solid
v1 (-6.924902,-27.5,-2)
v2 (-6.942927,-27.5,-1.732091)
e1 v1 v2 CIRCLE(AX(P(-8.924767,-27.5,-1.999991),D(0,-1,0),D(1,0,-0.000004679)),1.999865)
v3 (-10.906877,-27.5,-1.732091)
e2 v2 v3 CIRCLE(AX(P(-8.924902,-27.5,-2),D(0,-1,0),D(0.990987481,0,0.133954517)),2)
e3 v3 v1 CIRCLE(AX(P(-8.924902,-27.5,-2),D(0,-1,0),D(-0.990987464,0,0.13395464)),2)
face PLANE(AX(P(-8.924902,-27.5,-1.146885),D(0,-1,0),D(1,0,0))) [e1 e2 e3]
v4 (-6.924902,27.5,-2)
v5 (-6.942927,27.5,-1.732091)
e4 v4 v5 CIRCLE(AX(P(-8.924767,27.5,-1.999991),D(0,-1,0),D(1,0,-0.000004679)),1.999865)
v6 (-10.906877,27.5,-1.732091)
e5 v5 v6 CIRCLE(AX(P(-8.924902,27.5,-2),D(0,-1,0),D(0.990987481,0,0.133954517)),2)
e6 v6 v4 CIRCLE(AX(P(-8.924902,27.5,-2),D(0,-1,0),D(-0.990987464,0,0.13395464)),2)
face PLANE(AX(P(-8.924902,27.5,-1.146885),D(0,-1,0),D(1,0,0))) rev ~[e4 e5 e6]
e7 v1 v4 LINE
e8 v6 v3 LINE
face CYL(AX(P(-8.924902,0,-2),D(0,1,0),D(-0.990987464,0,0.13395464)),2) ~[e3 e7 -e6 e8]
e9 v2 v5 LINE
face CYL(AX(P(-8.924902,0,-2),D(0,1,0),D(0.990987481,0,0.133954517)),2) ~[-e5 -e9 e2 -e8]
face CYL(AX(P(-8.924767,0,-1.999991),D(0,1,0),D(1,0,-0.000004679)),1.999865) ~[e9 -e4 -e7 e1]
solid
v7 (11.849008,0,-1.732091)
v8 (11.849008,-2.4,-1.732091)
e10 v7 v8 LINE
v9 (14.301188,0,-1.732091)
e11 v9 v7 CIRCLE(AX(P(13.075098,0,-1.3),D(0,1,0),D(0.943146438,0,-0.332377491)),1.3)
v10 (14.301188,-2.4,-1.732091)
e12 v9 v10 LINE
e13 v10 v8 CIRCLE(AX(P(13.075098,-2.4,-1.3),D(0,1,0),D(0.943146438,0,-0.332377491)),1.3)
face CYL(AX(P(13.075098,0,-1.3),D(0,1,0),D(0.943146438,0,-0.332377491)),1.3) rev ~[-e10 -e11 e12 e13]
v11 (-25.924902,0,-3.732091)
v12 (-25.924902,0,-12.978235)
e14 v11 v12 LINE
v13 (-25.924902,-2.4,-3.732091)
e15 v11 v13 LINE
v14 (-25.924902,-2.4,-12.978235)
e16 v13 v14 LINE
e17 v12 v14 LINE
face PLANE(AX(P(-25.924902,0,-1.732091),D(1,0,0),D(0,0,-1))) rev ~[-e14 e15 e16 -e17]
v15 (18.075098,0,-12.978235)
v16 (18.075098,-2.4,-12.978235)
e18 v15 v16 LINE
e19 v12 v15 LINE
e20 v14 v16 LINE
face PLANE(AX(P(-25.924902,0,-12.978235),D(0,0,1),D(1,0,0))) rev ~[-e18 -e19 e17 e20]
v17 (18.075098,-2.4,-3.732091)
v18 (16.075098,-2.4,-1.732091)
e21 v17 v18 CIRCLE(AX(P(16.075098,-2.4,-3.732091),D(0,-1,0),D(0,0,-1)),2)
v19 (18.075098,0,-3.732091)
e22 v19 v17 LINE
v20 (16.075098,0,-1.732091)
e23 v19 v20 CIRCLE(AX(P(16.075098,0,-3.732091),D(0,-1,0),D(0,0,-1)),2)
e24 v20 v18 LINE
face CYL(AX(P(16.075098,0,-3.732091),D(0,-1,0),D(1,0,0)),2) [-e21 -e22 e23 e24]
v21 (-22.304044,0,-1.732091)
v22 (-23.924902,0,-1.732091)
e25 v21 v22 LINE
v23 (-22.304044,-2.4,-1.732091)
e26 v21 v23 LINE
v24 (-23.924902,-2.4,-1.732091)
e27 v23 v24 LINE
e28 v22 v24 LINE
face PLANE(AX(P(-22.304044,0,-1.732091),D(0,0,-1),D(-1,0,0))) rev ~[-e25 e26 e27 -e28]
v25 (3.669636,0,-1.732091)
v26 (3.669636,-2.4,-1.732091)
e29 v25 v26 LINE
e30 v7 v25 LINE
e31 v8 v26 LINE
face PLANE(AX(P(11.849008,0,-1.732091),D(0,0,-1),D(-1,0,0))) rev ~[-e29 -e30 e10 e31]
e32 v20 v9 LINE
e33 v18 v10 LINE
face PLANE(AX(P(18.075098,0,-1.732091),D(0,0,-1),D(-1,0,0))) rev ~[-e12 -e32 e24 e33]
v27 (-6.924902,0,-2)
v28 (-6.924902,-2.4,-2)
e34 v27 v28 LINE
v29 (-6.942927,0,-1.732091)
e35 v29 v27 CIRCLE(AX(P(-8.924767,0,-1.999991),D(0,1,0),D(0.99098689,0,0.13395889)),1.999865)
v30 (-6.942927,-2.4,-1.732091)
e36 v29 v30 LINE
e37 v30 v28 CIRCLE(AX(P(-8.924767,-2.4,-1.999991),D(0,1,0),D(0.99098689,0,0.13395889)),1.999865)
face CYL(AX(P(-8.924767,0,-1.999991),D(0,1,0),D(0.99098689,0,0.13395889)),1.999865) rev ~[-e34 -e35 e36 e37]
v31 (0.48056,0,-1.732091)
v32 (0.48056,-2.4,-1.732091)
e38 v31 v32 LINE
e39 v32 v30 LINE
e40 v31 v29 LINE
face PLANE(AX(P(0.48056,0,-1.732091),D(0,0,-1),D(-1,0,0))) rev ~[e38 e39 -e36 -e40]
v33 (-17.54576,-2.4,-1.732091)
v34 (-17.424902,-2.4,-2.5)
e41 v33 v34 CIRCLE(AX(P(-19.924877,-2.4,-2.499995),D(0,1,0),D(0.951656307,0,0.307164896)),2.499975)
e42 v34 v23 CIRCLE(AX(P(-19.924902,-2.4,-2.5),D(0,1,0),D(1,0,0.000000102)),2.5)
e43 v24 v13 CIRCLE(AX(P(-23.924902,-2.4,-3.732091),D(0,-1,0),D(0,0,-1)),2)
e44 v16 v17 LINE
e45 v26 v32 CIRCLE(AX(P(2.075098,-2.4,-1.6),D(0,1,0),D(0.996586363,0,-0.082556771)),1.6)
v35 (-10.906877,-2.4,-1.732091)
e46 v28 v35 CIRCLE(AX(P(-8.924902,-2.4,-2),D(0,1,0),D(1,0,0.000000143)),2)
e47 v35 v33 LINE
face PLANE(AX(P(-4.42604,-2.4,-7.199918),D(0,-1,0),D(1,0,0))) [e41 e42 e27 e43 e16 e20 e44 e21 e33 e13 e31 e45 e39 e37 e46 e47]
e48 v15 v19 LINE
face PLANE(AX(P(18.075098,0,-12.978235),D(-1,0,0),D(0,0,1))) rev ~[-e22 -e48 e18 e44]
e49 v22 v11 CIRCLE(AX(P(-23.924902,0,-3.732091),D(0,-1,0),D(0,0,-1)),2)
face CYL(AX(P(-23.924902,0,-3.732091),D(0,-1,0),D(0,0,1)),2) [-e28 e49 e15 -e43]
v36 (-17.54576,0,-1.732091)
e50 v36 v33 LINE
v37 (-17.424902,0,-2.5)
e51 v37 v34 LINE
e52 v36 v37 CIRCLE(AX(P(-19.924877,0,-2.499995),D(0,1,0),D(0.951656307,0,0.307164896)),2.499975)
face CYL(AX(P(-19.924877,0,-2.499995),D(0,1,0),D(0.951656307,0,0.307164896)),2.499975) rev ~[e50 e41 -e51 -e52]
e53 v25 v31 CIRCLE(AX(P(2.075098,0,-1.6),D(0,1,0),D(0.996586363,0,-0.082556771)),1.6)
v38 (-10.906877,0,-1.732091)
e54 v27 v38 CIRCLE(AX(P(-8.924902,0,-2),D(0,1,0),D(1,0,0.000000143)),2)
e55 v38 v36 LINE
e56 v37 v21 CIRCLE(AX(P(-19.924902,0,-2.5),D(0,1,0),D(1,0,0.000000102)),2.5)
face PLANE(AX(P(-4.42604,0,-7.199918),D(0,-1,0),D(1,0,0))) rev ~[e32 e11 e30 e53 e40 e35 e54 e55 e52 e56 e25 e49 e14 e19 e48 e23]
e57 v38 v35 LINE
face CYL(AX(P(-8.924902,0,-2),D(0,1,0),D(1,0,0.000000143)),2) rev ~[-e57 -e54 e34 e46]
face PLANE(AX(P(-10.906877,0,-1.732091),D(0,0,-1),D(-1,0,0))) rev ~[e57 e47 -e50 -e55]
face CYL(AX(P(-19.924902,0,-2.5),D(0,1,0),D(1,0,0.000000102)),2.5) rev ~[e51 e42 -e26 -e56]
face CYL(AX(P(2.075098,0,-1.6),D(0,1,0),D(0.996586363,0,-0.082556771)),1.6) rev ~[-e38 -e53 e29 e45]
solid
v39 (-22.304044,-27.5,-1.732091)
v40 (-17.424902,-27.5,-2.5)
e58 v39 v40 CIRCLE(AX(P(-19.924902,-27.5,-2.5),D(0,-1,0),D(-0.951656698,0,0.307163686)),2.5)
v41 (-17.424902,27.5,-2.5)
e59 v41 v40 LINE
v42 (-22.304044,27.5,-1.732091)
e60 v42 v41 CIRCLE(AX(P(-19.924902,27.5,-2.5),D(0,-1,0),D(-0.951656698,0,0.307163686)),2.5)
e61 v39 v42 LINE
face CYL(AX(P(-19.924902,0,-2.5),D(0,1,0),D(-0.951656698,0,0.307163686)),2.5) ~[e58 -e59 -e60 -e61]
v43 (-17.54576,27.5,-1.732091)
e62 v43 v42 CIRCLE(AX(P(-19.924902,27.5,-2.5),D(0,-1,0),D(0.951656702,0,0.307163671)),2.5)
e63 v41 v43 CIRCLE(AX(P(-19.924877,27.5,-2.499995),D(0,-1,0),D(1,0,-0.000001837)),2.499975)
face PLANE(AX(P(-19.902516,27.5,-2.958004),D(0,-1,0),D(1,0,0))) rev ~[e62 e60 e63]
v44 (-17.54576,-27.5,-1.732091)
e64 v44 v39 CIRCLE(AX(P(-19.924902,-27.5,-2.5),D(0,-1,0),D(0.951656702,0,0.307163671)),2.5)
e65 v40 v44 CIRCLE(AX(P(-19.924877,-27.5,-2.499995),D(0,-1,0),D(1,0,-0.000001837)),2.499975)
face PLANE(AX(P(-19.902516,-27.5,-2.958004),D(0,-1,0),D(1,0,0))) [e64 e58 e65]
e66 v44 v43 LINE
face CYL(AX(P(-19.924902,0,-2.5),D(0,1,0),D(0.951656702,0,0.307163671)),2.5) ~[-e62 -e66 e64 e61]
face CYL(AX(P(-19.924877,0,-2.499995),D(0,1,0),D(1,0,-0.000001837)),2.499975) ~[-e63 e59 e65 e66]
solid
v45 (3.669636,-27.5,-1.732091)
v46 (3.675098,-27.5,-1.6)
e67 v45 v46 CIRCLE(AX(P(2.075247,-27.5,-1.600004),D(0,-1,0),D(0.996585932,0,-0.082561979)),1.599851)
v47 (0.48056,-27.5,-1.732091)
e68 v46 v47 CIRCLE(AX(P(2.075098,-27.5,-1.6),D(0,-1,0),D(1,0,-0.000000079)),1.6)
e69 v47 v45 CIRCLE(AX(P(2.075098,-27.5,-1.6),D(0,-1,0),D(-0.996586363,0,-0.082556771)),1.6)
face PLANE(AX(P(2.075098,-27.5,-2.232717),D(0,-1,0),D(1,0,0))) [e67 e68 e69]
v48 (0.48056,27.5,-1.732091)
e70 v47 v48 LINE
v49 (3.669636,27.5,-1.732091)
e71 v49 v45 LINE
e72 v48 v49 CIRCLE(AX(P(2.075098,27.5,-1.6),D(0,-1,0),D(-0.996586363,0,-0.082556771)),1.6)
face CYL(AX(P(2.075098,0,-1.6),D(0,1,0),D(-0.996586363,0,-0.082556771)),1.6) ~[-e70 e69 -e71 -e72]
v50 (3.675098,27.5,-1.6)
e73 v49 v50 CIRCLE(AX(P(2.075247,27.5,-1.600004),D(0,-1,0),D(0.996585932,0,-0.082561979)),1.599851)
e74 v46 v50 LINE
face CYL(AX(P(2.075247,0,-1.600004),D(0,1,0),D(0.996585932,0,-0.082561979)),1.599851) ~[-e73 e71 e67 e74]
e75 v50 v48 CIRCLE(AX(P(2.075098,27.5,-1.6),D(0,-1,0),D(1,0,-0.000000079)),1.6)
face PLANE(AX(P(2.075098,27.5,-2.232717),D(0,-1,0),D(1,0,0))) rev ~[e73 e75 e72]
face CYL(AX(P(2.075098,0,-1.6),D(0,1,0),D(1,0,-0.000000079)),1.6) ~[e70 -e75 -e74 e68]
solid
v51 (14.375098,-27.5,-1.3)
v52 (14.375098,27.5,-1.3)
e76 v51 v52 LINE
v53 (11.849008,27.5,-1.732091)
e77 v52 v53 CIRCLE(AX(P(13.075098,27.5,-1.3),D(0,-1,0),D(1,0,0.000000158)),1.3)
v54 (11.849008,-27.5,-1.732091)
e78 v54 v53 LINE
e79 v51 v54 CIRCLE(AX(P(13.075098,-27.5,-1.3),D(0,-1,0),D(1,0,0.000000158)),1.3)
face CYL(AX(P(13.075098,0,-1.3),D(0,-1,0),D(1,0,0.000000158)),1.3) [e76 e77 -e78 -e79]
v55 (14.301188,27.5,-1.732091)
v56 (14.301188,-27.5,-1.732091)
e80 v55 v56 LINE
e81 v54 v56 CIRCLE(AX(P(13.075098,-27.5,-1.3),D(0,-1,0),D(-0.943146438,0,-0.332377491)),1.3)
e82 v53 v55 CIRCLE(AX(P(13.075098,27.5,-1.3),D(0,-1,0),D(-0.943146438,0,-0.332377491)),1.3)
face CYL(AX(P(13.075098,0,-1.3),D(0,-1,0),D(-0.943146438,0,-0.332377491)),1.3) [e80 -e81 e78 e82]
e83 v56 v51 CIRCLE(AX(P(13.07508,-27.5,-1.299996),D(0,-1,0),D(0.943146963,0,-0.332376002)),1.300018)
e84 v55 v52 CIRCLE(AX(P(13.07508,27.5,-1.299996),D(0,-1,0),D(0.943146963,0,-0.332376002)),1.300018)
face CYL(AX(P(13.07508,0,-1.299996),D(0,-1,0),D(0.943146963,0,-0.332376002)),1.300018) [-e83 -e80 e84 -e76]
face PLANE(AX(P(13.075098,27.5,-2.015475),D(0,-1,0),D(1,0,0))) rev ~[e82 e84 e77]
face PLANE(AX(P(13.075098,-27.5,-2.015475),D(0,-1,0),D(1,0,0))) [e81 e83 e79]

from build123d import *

# Parameters (mm, degrees)
F1_DEPTH = 27.5
F2_DEPTH = 2.4
F3_R     = 2


with BuildPart() as f1:
    # F0 (on Front) → F1 (new body, symmetric)
    with BuildSketch(Plane.XZ):
        with BuildLine():
            ThreePointArc((-22.304044, -1.732091), (-20.313583, -4.969601), (-17.424902, -2.5))
            ThreePointArc((-17.424902, -2.5), (-17.455301, -2.111319), (-17.54576, -1.732091))
            Line((-17.54576, -1.732091), (-22.304044, -1.732091))
        make_face()
        with BuildLine():
            ThreePointArc((-6.942927, -1.732091), (-8.924902, 0), (-10.906877, -1.732091))
            Line((-10.906877, -1.732091), (-6.942927, -1.732091))
        make_face()
        with BuildLine():
            Line((-6.942927, -1.732091), (-10.906877, -1.732091))
            ThreePointArc((-10.906877, -1.732091), (-9.059159, -3.995489), (-6.924902, -2))
            ThreePointArc((-6.924902, -2), (-6.929413, -1.865743), (-6.942927, -1.732091))
        make_face()
        with BuildLine():
            Line((3.669636, -1.732091), (0.48056, -1.732091))
            ThreePointArc((0.48056, -1.732091), (2.075098, -3.2), (3.669636, -1.732091))
        make_face()
        with BuildLine():
            ThreePointArc((3.675098, -1.6), (2.008996, -0.001366), (0.48056, -1.732091))
            Line((0.48056, -1.732091), (3.669636, -1.732091))
            ThreePointArc((3.669636, -1.732091), (3.673732, -1.666102), (3.675098, -1.6))
        make_face()
        with BuildLine():
            Line((-22.304044, -1.732091), (-17.54576, -1.732091))
            ThreePointArc((-17.54576, -1.732091), (-19.924902, 0), (-22.304044, -1.732091))
        make_face()
        with BuildLine():
            Line((14.301188, -1.732091), (11.849008, -1.732091))
            ThreePointArc((11.849008, -1.732091), (13.075098, -2.6), (14.301188, -1.732091))
        make_face()
        with BuildLine():
            ThreePointArc((14.375098, -1.3), (12.855915, -0.018611), (11.849008, -1.732091))
            Line((11.849008, -1.732091), (14.301188, -1.732091))
            ThreePointArc((14.301188, -1.732091), (14.356487, -1.519183), (14.375098, -1.3))
        make_face()
    extrude(amount=F1_DEPTH, both=True)


with BuildPart() as f2:
    # F0 (on Front) → F2 (new body)
    with BuildSketch(Plane.XZ):
        with BuildLine():
            ThreePointArc((-17.54576, -1.732091), (-17.455301, -2.111319), (-17.424902, -2.5))
            ThreePointArc((-17.424902, -2.5), (-20.313583, -4.969601), (-22.304044, -1.732091))
            Line((-22.304044, -1.732091), (-25.924902, -1.732091))
            Line((-25.924902, -1.732091), (-25.924902, -12.978235))
            Line((-25.924902, -12.978235), (18.075098, -12.978235))
            Line((18.075098, -12.978235), (18.075098, -1.732091))
            Line((18.075098, -1.732091), (14.301188, -1.732091))
            ThreePointArc((14.301188, -1.732091), (13.075098, -2.6), (11.849008, -1.732091))
            Line((11.849008, -1.732091), (3.669636, -1.732091))
            ThreePointArc((3.669636, -1.732091), (2.075098, -3.2), (0.48056, -1.732091))
            Line((0.48056, -1.732091), (-6.942927, -1.732091))
            ThreePointArc((-6.942927, -1.732091), (-6.929413, -1.865743), (-6.924902, -2))
            ThreePointArc((-6.924902, -2), (-9.059159, -3.995489), (-10.906877, -1.732091))
            Line((-10.906877, -1.732091), (-17.54576, -1.732091))
        make_face()
    extrude(amount=F2_DEPTH)

    # F3
    f3_edges = [f2.edges().sort_by_distance(p)[0] for p in [
        (18.075098, -1.2, -1.732091),
        (-25.924902, -1.2, -1.732091),
    ]]
    fillet(f3_edges, radius=F3_R)


solid = Compound([f1.part, f2.part])
